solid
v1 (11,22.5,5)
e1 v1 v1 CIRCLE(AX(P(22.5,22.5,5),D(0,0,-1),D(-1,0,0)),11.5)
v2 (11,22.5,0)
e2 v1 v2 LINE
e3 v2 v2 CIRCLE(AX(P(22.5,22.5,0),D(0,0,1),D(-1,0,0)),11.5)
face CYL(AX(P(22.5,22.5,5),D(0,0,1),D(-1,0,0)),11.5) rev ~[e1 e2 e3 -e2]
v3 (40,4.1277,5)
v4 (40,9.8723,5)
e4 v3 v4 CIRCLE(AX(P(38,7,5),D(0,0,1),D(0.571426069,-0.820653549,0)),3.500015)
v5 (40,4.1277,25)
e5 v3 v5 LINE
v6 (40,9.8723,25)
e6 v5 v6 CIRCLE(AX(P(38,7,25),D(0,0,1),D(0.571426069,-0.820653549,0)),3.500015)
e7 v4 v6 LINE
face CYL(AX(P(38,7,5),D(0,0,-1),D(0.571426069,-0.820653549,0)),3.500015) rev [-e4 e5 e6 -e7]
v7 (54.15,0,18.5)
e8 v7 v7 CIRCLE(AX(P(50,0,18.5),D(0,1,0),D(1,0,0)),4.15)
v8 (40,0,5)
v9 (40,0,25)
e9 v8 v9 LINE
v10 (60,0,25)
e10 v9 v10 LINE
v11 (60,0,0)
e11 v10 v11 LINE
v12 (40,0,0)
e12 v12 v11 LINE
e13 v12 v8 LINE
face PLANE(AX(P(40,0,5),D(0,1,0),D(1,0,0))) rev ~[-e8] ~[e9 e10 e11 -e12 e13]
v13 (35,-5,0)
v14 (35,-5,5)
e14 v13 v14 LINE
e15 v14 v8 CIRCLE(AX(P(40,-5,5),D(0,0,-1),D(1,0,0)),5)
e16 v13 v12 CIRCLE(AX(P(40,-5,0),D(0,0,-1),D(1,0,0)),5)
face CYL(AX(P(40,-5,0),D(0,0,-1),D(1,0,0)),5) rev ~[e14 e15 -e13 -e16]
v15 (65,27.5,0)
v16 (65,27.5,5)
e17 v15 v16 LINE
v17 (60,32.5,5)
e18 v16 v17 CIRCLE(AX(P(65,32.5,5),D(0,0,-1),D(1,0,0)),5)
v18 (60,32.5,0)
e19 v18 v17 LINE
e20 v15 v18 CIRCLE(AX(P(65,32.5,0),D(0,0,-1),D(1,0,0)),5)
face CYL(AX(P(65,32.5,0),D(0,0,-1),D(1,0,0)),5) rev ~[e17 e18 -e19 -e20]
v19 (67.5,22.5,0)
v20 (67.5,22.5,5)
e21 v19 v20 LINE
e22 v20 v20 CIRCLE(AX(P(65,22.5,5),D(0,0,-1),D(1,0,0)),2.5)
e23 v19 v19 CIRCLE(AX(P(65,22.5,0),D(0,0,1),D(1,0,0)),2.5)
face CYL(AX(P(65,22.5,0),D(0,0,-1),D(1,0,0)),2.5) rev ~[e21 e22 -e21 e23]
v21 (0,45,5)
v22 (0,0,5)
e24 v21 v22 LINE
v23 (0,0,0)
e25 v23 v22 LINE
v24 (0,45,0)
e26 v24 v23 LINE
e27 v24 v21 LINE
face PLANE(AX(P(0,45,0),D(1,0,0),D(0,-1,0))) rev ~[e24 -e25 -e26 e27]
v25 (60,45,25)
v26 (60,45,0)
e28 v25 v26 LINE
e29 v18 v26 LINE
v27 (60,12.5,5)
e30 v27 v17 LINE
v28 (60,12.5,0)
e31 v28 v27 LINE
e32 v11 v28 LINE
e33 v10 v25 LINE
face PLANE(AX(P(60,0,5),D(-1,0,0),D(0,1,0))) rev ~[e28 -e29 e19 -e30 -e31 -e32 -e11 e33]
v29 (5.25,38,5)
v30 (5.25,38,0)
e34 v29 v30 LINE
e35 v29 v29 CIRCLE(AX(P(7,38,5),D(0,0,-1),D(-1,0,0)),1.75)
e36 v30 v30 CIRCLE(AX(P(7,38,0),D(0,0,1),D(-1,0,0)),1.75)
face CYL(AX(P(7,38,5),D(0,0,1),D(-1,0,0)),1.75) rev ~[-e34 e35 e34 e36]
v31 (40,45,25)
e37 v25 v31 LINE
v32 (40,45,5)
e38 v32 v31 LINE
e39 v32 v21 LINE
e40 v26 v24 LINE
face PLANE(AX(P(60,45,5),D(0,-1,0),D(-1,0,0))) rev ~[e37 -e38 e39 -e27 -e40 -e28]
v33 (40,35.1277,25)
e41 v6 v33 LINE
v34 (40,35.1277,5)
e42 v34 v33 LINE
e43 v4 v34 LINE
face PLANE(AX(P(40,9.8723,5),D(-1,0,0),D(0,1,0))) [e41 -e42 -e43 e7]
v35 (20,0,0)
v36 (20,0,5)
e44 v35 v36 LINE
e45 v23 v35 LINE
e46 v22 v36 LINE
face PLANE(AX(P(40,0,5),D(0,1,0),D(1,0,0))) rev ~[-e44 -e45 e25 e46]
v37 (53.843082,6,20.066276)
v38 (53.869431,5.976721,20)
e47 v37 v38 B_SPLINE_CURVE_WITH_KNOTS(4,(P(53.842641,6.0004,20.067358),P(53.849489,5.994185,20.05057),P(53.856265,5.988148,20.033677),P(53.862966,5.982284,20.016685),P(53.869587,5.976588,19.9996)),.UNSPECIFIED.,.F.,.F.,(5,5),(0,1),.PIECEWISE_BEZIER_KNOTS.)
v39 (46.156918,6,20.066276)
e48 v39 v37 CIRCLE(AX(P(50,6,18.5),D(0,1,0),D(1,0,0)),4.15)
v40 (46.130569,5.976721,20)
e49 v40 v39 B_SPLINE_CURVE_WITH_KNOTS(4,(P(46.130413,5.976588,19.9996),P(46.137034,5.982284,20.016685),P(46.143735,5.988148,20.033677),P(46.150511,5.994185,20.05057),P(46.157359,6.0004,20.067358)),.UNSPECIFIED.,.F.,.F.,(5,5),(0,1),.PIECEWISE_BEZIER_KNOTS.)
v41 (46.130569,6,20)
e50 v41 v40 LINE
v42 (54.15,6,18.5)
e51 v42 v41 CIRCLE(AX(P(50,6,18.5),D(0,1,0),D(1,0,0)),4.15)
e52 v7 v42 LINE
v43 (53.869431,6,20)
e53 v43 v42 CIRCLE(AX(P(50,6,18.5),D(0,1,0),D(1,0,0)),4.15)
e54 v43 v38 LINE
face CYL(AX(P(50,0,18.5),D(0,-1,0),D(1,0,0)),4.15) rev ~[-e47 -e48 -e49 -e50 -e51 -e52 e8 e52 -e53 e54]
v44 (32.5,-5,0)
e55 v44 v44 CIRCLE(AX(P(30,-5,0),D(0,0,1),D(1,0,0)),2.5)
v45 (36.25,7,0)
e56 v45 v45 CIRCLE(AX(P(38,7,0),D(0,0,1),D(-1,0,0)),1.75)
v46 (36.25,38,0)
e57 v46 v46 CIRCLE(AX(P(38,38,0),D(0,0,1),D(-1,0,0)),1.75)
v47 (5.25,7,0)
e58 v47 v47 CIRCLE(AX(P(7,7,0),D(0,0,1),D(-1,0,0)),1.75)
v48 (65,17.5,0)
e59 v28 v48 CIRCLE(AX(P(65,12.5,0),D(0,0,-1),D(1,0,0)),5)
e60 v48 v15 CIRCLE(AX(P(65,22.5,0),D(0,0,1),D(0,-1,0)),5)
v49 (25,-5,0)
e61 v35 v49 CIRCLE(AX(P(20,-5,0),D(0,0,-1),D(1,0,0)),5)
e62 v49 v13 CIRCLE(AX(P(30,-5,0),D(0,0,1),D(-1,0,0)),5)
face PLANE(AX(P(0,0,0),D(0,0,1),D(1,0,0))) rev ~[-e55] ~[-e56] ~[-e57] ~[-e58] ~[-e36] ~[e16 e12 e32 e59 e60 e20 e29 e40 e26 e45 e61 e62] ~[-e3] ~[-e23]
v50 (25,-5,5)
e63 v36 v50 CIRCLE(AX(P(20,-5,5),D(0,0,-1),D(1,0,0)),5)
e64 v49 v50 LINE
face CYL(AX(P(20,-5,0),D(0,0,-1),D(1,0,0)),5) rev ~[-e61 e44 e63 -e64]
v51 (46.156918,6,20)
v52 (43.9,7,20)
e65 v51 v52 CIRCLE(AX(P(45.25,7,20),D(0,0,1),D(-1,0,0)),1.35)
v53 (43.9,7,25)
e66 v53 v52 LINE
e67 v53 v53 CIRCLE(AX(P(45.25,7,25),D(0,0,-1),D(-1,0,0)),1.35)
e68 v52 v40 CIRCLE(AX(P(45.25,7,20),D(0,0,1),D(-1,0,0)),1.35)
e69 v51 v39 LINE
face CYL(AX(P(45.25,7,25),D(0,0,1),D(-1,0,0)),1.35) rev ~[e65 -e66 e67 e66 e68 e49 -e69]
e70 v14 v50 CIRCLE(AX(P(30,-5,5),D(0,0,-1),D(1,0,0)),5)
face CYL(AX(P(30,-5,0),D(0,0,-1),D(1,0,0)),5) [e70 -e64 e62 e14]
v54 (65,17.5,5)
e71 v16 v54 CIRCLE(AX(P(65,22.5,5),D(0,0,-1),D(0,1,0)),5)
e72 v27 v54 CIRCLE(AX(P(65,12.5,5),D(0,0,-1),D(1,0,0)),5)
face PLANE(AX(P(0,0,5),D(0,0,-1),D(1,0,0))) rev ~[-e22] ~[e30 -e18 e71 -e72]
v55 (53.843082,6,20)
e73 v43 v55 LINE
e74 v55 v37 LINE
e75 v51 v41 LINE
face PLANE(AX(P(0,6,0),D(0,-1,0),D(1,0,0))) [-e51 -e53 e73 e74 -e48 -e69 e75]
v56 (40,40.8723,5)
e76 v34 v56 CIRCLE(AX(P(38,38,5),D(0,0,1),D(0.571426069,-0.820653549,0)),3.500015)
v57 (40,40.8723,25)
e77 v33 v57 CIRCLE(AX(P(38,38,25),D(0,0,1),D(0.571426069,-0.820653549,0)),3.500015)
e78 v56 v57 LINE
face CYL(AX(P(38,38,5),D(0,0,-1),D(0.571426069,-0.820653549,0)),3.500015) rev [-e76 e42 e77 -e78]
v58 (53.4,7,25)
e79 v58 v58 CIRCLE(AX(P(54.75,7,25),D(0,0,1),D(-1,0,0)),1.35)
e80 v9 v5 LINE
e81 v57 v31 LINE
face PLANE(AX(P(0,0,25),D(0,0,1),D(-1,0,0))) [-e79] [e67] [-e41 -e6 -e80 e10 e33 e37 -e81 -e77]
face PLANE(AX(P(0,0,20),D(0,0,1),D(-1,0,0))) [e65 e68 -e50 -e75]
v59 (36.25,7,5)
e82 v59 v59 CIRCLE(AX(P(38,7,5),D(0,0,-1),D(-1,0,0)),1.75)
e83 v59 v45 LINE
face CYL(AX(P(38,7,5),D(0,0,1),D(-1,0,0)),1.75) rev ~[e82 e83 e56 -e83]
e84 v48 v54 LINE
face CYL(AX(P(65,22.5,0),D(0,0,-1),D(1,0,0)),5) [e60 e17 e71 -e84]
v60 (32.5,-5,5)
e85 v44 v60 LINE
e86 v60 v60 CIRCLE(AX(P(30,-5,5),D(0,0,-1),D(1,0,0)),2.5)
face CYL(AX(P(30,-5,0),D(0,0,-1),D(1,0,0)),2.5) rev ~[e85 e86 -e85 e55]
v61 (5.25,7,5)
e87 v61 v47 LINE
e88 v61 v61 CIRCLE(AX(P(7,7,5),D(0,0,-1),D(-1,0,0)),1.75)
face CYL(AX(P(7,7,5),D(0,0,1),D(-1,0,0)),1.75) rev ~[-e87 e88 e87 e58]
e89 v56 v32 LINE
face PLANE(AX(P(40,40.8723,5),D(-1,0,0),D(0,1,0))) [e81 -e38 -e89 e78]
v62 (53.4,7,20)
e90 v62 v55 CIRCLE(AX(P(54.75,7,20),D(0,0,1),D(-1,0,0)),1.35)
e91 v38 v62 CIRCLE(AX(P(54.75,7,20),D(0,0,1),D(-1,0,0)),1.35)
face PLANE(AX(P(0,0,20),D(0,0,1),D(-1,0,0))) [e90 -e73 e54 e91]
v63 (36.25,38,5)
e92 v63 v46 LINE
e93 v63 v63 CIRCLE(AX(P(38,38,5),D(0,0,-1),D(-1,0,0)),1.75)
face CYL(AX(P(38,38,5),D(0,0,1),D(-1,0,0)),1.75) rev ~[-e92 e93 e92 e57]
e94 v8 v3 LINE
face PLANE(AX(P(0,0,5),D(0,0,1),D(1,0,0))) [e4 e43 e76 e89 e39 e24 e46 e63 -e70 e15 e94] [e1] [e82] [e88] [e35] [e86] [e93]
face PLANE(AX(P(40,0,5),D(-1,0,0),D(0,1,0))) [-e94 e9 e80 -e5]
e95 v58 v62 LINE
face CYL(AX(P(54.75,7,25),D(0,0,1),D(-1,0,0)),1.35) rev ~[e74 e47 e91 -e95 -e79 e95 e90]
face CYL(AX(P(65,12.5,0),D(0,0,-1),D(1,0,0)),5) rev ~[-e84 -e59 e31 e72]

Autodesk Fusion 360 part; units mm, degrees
sketch "Skizze1" plane through (0, 0, 0) normal (0, 0, 1) x (1, 0, 0)
  line L0 (0, 0) -> (60, 0)
  line L1 (60, 0) -> (60, 45)
  line L2 (60, 45) -> (0, 45)
  line L3 (0, 45) -> (0, 0)
  dimension "d1" = 60
  dimension "d2" = 45
extrude "Extrusion1" add sketch "Skizze1" along normal blind 5
sketch "Skizze2" plane through (0, 0, 5) normal (0, 0, 1) x (-1, 0, 0)
  line L0 (0, -45) -> (0, 0)
  line L1 (0, 0) -> (-60, 0)
  line L2 (-60, 0) -> (-60, -45)
  line L3 (-60, -45) -> (0, -45)
  line L4 (0, 0) -> (-45, 0)
  line L5 (-45, 0) -> (-45, -45)
  line L6 (-45, -45) -> (0, -45)
  line L7 (0, -45) -> (0, 0)
  line L8 (-22.5, -45) -> (-22.5, 0)
  line L9 (0, -22.5) -> (-45, -22.5)
  circle A0 centre (-22.5, -22.5) radius 11.5
  line L10 (-22.5, -22.5) -> (-7, -22.5)
  line L11 (-7, -22.5) -> (-7, -38)
  line L12 (-7, -38) -> (-22.5, -38)
  line L13 (-22.5, -38) -> (-22.5, -22.5)
  line L14 (-22.5, -38) -> (-38, -38)
  line L15 (-38, -38) -> (-38, -7)
  line L16 (-7, -22.5) -> (-7, -7)
  line L17 (-38, -7) -> (-7, -7)
  circle A1 centre (-7, -38) radius 1.75
  circle A2 centre (-38, -38) radius 1.75
  circle A3 centre (-38, -7) radius 1.75
  circle A4 centre (-7, -7) radius 1.75
  dimension "d7" = 23
  dimension "d8" = 15.5
  dimension "d9" = 15.5
  dimension "d10" = 31
  dimension "d11" = 3.5
extrude "Extrusion2" cut sketch "Skizze2" against normal blind 5 contours L8 L9 A0 L10 L13 | L8 L9 A0 L10 | L11 L12 A1 | L11 L12 A1 | L16 L17 A4 | L16 L17 A4 | L8 L9 A0 L13 | L14 L15 A2 | L14 L15 A2 | L8 L9 A0 | L15 L17 A3 | L15 L17 A3
sketch "Skizze3" plane through (0, 0, 5) normal (0, 0, 1) x (-1, 0, 0)
  circle A0 centre (-22.5, -22.5) radius 11.5
  circle A1 centre (-38, -38) radius 1.75
  circle A2 centre (-38, -7) radius 1.75
  circle A3 centre (-7, -38) radius 1.75
  circle A4 centre (-7, -7) radius 1.75
  line L0 (0, -45) -> (0, 0)
  line L1 (0, 0) -> (-60, 0)
  line L2 (-60, 0) -> (-60, -45)
  line L3 (-60, -45) -> (0, -45)
  line L4 (-60, 0) -> (-40, 0)
  line L5 (-40, -45) -> (-60, -45)
  line L6 (-60, -45) -> (-60, 0)
  line L7 (-40, -40.8723) -> (-40, -45)
  arc A5 (-40, -35.1277) -> (-40, -40.8723) centre (-38, -38) ccw
  line L8 (-40, 0) -> (-40, -4.1277)
  line L9 (-40, -9.8723) -> (-40, -35.1277)
  arc A6 (-40, -4.1277) -> (-40, -9.8723) centre (-38, -7) ccw
  dimension "d14" = 20
  dimension "d15" = 7
  dimension "d16" = 7
extrude "Extrusion3" add sketch "Skizze3" along normal blind 20 contours L1 L2 L3 L4 L5 L6 L7 A5 L8 L9 A6
sketch "Skizze4" plane through (0, 0, 0) normal (0, 0, -1) x (1, 0, 0)
  circle A0 centre (22.5, -22.5) radius 11.5
  circle A1 centre (38, -38) radius 1.75
  circle A2 centre (38, -7) radius 1.75
  circle A3 centre (7, -38) radius 1.75
  circle A4 centre (7, -7) radius 1.75
  line L0 (0, 0) -> (0, -45)
  line L1 (0, -45) -> (60, -45)
  line L2 (60, -45) -> (60, 0)
  line L3 (60, 0) -> (0, 0)
  line L4 (60, -22.5) -> (70, -22.5)
  line L5 (30, -45) -> (30, -55)
  line L6 (30, -50) -> (40, -50)
  line L7 (40, -50) -> (30, -50)
  line L8 (30, -50) -> (20, -50)
  line L9 (65, -22.5) -> (65, -12.5)
  line L10 (65, -22.5) -> (65, -32.5)
  circle A5 centre (65, -22.5) radius 5
  circle A6 centre (30, -50) radius 5
  circle A7 centre (20, -50) radius 5
  circle A8 centre (40, -50) radius 5
  circle A9 centre (65, -12.5) radius 5
  circle A10 centre (65, -32.5) radius 5
  circle A11 centre (30, -50) radius 2.5
  circle A12 centre (65, -22.5) radius 2.5
  line L11 (30, 0) -> (30, 10)
  line L12 (30, 5) -> (40, 5)
  line L13 (30, 5) -> (20, 5)
  circle A13 centre (30, 5) radius 5
  circle A14 centre (20, 5) radius 5
  circle A15 centre (40, 5) radius 5
  circle A16 centre (30, 5) radius 2.5
  dimension "d19" = 10
  dimension "d20" = 10
  dimension "d21" = 10
  dimension "d22" = 10
  dimension "d27" = 5
  dimension "d28" = 5
  dimension "d35" = 10
  dimension "d36" = 10
  dimension "d37" = 5
extrude "Extrusion4" add sketch "Skizze4" against normal blind 5 contours L3 A13 A14 | L3 A13 A15 | L11 L13 A13 A16 | L11 L12 A13 A16 | L11 L13 A13 A16 | L11 L12 A13 A16 | L2 A5 A9 | L2 A5 A10 | L4 L9 A5 A12 | L4 L10 A5 A12 | L4 L9 A5 A12 | L4 L10 A5 A12
sketch "Skizze5" plane through (0, 45, 0) normal (0, 1, 0) x (-1, 0, 0)
  line L0 (-40, 5) -> (-40, 25)
  line L1 (-40, 25) -> (-60, 25)
  line L2 (-60, 25) -> (-60, 0)
  line L3 (-60, 0) -> (0, 0)
  line L4 (-30, 0) -> (-30, 18.5)
  circle A0 centre (-30, 18.5) radius 4.15
  line L5 (0, 0) -> (0, 5)
  line L6 (0, 5) -> (-40, 5)
  dimension "d31" = 18.5
  dimension "d32" = 8.3
extrude "Extrusion5" cut sketch "Skizze5" against normal blind 6 contours A0
sketch "Skizze6" plane through (0, 0, 0) normal (0, -1, 0) x (1, 0, 0)
  line L0 (40, 5) -> (40, 0)
  line L1 (40, 0) -> (60, 0)
  line L2 (60, 0) -> (60, 25)
  line L3 (60, 25) -> (40, 25)
  line L4 (40, 25) -> (40, 5)
  line L5 (50, 0) -> (50, 18.5)
  circle A0 centre (50, 18.5) radius 4.15
  dimension "d38" = 18.5
  dimension "d39" = 8.3
extrude "Extrusion6" cut sketch "Skizze6" against normal blind 6 contours A0
sketch "Skizze8" plane through (0, 0, 25) normal (0, 0, 1) x (-1, 0, 0)
  line L0 (-40, -4.1277) -> (-40, 0)
  line L1 (-40, 0) -> (-60, 0)
  line L2 (-60, 0) -> (-60, -45)
  line L3 (-60, -45) -> (-40, -45)
  line L4 (-40, -45) -> (-40, -40.8723)
  arc A0 (-40, -35.1277) -> (-40, -40.8723) centre (-38, -38) ccw
  line L5 (-40, -35.1277) -> (-40, -9.8723)
  arc A1 (-40, -4.1277) -> (-40, -9.8723) centre (-38, -7) ccw
  line L6 (-50, 0) -> (-50, -7)
  line L7 (-50, -7) -> (-45.25, -7)
  line L8 (-50, -7) -> (-54.75, -7)
  circle A2 centre (-45.25, -7) radius 1.35
  circle A3 centre (-54.75, -7) radius 1.35
  dimension "d42" = 7
  dimension "d43" = 4.75
  dimension "d44" = 2.7
  dimension "d45" = 2.7
extrude "Extrusion7" cut sketch "Skizze8" against normal blind 5 contours A2 | A3
